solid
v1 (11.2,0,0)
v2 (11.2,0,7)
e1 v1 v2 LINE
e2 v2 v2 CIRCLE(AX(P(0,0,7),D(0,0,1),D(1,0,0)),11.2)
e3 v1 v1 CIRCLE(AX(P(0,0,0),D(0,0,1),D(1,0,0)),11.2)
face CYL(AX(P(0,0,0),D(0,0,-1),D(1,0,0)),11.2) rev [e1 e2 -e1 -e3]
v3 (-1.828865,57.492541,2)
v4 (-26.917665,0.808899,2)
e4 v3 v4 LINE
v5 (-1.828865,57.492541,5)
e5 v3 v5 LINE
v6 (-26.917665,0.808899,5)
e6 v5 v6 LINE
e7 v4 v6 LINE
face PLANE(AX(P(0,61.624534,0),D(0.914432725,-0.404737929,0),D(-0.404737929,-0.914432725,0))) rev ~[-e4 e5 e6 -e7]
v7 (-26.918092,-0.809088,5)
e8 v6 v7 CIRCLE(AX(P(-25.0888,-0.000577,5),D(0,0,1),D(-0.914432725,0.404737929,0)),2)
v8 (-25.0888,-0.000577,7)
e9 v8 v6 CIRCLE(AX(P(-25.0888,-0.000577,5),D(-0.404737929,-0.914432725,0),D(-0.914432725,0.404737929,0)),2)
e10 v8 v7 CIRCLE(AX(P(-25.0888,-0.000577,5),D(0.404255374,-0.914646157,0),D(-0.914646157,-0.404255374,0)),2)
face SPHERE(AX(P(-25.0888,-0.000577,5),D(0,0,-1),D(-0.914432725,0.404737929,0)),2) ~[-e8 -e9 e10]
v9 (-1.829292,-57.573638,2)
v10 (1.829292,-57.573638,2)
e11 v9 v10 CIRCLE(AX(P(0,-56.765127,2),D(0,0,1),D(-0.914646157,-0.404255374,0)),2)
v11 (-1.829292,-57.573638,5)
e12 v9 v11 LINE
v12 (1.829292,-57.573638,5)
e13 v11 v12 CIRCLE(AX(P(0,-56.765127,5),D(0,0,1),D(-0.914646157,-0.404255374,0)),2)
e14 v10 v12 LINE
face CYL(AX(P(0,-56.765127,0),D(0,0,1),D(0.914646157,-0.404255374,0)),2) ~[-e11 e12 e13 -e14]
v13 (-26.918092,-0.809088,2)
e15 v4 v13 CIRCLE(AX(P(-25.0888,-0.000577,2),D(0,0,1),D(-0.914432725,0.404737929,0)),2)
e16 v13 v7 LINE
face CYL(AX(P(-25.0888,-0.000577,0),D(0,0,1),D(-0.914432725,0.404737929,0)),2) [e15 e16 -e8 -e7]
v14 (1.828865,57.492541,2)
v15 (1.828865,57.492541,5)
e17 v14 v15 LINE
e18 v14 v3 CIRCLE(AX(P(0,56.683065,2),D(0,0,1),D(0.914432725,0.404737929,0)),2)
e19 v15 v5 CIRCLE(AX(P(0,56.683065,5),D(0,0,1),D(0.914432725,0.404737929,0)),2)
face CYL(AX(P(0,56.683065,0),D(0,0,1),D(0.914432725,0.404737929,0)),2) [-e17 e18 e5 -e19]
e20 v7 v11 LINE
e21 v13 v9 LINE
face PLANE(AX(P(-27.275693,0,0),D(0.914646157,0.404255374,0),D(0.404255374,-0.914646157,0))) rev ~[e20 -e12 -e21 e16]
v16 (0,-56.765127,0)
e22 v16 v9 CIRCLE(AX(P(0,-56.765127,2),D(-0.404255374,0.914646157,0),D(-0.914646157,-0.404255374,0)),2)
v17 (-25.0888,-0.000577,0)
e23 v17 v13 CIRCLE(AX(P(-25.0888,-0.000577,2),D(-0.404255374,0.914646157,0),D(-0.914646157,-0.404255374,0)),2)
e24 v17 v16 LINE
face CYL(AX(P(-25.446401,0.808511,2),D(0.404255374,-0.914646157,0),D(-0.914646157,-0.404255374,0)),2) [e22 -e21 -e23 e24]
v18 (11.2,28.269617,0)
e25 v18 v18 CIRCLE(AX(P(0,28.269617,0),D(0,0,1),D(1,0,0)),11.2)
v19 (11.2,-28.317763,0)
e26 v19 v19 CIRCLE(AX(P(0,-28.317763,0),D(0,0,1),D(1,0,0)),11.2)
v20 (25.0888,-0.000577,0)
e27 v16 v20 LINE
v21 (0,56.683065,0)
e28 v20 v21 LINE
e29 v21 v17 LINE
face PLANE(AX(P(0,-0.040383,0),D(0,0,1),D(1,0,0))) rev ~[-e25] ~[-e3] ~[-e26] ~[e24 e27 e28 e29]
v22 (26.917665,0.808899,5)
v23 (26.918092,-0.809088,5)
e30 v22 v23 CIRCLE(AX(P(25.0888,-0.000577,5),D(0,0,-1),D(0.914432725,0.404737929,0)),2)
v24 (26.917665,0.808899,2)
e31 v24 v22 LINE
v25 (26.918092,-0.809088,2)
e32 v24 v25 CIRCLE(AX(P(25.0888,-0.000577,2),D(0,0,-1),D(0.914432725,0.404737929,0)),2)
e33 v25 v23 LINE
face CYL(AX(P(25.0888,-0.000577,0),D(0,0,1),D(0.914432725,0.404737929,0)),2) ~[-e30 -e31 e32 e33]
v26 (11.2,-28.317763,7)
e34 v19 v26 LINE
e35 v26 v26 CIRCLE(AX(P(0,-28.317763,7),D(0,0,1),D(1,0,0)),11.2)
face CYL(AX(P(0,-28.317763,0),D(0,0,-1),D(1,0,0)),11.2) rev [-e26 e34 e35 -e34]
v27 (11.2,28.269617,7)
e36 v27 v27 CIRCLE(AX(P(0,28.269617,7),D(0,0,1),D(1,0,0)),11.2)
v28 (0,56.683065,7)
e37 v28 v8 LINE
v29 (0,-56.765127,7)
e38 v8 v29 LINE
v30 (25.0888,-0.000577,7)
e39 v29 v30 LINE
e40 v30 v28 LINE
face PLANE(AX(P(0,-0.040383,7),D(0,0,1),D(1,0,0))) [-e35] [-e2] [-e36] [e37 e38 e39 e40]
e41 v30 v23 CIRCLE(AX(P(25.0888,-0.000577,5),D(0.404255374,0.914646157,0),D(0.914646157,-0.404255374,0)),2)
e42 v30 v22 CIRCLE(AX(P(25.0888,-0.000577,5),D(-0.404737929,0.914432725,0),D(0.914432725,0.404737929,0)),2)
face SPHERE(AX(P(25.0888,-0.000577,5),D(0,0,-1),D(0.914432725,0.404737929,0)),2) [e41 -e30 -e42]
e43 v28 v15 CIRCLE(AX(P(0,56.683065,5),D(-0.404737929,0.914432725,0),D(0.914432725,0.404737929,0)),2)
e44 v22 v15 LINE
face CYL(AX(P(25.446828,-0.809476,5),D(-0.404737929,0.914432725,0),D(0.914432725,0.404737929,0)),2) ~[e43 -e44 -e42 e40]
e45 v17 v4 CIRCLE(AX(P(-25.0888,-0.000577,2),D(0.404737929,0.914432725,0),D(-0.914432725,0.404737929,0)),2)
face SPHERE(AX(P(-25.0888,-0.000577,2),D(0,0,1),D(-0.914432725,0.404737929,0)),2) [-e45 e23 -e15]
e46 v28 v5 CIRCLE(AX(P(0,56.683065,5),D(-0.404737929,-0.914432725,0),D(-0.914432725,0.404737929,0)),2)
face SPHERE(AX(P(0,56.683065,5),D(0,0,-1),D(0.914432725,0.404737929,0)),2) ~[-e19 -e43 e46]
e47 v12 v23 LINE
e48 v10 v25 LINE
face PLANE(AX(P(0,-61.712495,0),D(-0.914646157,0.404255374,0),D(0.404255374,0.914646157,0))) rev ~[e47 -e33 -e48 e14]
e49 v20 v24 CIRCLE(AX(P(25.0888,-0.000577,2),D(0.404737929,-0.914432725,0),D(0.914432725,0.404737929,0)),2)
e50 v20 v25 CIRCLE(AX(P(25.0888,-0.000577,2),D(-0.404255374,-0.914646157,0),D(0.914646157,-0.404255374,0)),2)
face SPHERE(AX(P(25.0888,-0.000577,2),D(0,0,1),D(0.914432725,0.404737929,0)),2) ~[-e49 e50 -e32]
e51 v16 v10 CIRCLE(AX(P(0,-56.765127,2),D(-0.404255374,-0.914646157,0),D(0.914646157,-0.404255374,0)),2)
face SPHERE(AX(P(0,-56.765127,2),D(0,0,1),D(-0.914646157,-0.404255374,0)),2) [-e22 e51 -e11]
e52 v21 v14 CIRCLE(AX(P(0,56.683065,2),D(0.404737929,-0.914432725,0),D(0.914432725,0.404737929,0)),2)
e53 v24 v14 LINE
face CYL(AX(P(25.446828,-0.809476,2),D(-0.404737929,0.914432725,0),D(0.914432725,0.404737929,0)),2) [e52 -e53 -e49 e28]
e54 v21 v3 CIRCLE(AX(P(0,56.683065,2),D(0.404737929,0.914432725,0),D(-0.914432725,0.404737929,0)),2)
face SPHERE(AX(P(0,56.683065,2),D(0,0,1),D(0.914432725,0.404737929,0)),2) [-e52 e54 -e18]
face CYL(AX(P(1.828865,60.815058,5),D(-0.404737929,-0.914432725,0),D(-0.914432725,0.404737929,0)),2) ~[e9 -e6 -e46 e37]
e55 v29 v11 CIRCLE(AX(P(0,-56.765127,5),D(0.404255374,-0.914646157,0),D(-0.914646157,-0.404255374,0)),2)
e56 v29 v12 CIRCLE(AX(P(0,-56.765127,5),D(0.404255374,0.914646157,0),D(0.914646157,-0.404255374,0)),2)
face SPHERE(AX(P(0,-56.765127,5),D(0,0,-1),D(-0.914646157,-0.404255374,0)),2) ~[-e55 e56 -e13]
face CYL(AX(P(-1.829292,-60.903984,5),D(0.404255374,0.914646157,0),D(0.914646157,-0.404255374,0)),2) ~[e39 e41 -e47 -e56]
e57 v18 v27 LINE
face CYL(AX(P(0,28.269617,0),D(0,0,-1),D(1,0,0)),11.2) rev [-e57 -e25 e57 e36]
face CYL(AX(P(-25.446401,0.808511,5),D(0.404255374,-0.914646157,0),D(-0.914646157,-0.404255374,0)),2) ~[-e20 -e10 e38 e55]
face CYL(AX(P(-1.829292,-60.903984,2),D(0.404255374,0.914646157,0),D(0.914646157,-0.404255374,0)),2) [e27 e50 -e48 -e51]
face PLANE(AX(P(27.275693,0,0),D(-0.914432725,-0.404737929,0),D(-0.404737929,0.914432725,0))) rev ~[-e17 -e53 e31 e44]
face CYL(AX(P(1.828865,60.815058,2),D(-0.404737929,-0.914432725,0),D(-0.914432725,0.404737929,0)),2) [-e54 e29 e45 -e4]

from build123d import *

# Parameters (mm, degrees)
F0_R     = 11.2
F1_DEPTH = 7
F2_R     = 2


with BuildPart() as f1:
    # F0 (on Top) → F1 (new body)
    with BuildSketch(Plane.XY):
        Polygon((27.275693, 0), (0, 61.624534), (-27.275693, 0), (0, -61.712495), align=None)
        with Locations((0, -28.317763)):
            Circle(F0_R, mode=Mode.SUBTRACT)
        Circle(F0_R, mode=Mode.SUBTRACT)
        with Locations((0, 28.269617)):
            Circle(F0_R, mode=Mode.SUBTRACT)
    extrude(amount=F1_DEPTH)

    # F2
    f2_edges = [f1.edges().sort_by_distance(p)[0] for p in [
        (27.275693, 0, 3.5),
        (0, 61.624534, 3.5),
        (13.637846, 30.812267, 0),
        (13.637846, 30.812267, 7),
        (13.637846, -30.856248, 7),
        (-27.275693, 0, 3.5),
        (-13.637846, 30.812267, 0),
        (-13.637846, 30.812267, 7),
        (0, -61.712495, 3.5),
        (-13.637846, -30.856248, 0),
        (-13.637846, -30.856248, 7),
        (13.637846, -30.856248, 0),
    ]]
    fillet(f2_edges, radius=F2_R)


solid = f1.part
